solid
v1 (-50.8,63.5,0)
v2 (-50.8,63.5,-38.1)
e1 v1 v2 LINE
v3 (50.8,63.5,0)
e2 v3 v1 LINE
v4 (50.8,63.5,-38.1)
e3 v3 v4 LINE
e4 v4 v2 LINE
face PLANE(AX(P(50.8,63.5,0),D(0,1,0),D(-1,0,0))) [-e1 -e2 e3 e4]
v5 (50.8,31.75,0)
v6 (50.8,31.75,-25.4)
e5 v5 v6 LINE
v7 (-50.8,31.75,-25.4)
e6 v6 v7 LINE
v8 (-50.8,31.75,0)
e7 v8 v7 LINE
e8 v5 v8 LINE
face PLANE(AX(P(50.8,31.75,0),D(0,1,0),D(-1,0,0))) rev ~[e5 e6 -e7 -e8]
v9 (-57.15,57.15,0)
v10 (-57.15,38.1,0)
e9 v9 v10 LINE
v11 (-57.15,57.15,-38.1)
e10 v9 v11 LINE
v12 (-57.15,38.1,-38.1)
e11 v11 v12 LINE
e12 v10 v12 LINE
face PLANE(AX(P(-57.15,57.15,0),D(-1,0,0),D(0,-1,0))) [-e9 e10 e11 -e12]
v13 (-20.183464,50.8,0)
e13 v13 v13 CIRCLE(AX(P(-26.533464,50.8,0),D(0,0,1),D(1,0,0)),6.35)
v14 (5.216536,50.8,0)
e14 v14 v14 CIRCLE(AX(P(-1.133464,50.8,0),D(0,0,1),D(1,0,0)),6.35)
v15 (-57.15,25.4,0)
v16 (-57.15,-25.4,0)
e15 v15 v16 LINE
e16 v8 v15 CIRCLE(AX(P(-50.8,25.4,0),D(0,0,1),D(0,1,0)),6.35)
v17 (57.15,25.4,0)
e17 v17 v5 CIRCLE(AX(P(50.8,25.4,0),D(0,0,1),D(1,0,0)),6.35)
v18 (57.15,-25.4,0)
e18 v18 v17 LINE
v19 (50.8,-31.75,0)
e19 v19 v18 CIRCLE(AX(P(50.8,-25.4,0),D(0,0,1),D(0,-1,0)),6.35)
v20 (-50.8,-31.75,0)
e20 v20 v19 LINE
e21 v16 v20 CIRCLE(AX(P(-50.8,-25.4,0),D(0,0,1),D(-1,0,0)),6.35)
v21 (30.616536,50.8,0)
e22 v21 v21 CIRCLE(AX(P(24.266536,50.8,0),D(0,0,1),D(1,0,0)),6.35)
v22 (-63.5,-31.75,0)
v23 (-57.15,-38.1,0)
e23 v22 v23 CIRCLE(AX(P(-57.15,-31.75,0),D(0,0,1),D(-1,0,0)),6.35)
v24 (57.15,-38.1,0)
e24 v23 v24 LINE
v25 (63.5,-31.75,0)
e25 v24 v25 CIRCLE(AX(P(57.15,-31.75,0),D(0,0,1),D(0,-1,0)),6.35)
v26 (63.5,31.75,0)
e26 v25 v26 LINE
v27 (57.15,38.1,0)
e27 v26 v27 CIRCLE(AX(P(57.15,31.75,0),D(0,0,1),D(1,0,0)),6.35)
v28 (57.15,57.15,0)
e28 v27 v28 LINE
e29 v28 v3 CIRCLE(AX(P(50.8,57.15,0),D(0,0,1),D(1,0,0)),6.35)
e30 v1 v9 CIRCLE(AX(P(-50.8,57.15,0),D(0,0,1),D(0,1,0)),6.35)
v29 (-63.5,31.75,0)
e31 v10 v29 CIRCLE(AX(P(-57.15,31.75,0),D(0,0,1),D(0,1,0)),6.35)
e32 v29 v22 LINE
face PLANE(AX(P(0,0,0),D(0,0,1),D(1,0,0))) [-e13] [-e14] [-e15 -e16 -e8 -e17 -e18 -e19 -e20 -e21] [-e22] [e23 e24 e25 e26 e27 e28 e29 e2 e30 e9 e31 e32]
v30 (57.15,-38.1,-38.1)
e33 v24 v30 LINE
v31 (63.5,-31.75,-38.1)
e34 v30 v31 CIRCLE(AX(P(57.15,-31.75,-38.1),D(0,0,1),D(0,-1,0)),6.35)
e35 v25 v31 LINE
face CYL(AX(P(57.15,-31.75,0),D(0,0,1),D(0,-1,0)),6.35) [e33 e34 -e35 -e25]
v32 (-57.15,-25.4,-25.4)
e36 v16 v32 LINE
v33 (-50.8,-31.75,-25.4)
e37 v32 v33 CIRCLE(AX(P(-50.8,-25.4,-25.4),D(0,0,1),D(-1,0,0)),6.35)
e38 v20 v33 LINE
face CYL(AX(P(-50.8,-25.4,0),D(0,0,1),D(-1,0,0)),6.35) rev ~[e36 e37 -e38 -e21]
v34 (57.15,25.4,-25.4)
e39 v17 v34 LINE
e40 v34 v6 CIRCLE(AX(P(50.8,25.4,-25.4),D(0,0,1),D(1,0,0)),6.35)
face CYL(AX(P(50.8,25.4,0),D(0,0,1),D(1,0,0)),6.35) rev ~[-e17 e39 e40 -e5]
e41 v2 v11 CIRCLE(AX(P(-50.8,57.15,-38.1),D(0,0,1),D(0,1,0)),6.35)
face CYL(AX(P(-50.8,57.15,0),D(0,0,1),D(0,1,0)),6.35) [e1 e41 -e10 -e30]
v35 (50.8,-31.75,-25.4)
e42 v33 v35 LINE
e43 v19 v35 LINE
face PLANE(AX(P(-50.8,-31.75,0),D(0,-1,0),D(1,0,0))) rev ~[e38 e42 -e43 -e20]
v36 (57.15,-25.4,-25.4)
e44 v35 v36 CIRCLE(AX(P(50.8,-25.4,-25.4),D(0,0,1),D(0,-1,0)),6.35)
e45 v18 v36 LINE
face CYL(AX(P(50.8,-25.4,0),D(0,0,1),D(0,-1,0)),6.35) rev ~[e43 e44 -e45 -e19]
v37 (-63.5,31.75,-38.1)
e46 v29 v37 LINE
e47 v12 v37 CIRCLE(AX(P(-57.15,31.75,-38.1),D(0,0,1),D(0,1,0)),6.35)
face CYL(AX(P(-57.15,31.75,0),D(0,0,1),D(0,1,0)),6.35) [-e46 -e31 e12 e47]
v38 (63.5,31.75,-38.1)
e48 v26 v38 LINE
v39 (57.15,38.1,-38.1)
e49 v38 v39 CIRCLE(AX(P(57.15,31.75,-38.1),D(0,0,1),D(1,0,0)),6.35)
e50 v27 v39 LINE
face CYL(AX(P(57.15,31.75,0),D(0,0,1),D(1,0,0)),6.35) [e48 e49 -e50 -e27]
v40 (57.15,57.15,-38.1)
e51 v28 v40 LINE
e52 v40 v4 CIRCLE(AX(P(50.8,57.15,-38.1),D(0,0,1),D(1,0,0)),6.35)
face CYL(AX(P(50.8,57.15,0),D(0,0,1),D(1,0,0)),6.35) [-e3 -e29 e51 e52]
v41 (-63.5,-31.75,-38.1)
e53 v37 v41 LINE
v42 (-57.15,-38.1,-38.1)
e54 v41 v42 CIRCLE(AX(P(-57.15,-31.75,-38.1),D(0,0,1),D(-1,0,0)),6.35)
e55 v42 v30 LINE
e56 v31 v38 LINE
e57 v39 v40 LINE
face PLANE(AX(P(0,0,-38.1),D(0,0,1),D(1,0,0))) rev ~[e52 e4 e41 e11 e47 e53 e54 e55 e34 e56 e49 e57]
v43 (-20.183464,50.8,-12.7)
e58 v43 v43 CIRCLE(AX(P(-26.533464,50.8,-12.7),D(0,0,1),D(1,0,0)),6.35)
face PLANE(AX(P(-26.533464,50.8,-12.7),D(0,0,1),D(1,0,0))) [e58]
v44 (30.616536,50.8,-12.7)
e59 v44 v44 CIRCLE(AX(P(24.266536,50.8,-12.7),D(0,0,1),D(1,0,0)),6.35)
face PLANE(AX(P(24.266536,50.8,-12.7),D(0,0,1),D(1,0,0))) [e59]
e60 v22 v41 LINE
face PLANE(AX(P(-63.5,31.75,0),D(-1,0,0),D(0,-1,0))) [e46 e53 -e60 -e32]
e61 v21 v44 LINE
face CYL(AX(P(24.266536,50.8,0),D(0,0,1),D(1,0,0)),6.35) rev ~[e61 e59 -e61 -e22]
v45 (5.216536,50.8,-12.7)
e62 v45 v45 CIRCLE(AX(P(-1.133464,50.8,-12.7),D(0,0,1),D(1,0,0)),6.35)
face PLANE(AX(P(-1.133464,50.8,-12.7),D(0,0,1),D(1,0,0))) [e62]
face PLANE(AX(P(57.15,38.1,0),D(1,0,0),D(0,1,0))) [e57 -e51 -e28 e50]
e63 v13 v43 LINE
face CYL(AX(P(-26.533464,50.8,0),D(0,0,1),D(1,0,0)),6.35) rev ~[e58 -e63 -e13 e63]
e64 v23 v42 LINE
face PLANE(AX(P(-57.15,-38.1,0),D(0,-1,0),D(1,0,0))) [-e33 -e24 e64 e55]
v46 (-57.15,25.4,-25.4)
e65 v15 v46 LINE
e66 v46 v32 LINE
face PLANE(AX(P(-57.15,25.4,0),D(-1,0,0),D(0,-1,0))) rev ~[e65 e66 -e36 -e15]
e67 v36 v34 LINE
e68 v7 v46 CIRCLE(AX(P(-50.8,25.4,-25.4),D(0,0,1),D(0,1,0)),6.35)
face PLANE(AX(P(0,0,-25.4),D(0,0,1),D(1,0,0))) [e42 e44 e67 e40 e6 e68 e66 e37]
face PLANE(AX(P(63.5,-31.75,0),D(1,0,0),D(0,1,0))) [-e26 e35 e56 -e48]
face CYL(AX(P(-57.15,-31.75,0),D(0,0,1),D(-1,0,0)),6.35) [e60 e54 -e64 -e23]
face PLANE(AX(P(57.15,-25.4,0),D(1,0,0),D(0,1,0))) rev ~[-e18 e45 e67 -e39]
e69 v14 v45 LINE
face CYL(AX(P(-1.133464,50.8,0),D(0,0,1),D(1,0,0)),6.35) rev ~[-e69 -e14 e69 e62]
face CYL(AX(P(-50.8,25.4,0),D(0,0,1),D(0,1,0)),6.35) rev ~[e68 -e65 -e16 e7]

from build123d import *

# Parameters (mm, degrees)
F0_R     = 6.35
F1_DEPTH = 38.1
F2_DEPTH = 25.4
F3_DEPTH = 12.7


with BuildPart() as f1:
    # F0 (on Top) → F1 (new body)
    with BuildSketch(Plane.XY):
        with BuildLine():
            ThreePointArc((-63.5, -31.75), (-61.6401280605, -36.2401280605), (-57.15, -38.1))
            Line((-57.15, -38.1), (57.15, -38.1))
            ThreePointArc((57.15, -38.1), (61.6401280605, -36.2401280605), (63.5, -31.75))
            Line((63.5, -31.75), (63.5, 31.75))
            ThreePointArc((63.5, 31.75), (61.6401280605, 36.2401280605), (57.15, 38.1))
            Line((57.15, 38.1), (-57.15, 38.1))
            ThreePointArc((-57.15, 38.1), (-61.6401280605, 36.2401280605), (-63.5, 31.75))
            Line((-63.5, 31.75), (-63.5, -31.75))
        make_face()
        with BuildLine():
            ThreePointArc((-57.15, 25.4), (-55.2901280605, 29.8901280605), (-50.8, 31.75))
            Line((-50.8, 31.75), (50.8, 31.75))
            ThreePointArc((50.8, 31.75), (55.2901280605, 29.8901280605), (57.15, 25.4))
            Line((57.15, 25.4), (57.15, -25.4))
            ThreePointArc((57.15, -25.4), (55.2901280605, -29.8901280605), (50.8, -31.75))
            Line((50.8, -31.75), (-50.8, -31.75))
            ThreePointArc((-50.8, -31.75), (-55.2901280605, -29.8901280605), (-57.15, -25.4))
            Line((-57.15, -25.4), (-57.15, 25.4))
        make_face(mode=Mode.SUBTRACT)
        with BuildLine():
            Line((50.8, 31.75), (-50.8, 31.75))
            ThreePointArc((-50.8, 31.75), (-55.2901280605, 29.8901280605), (-57.15, 25.4))
            Line((-57.15, 25.4), (-57.15, -25.4))
            ThreePointArc((-57.15, -25.4), (-55.2901280605, -29.8901280605), (-50.8, -31.75))
            Line((-50.8, -31.75), (50.8, -31.75))
            ThreePointArc((50.8, -31.75), (55.2901280605, -29.8901280605), (57.15, -25.4))
            Line((57.15, -25.4), (57.15, 25.4))
            ThreePointArc((57.15, 25.4), (55.2901280605, 29.8901280605), (50.8, 31.75))
        make_face()
        with BuildLine():
            Line((-57.15, 57.15), (-57.15, 38.1))
            Line((-57.15, 38.1), (57.15, 38.1))
            Line((57.15, 38.1), (57.15, 57.15))
            ThreePointArc((57.15, 57.15), (55.2901280605, 61.6401280605), (50.8, 63.5))
            Line((50.8, 63.5), (-50.8, 63.5))
            ThreePointArc((-50.8, 63.5), (-55.2901280605, 61.6401280605), (-57.15, 57.15))
        make_face()
        with Locations((-26.5334639698, 50.8)):
            Circle(F0_R, mode=Mode.SUBTRACT)
        with Locations((-1.1334639698, 50.8)):
            Circle(F0_R, mode=Mode.SUBTRACT)
        with Locations((24.2665360302, 50.8)):
            Circle(F0_R, mode=Mode.SUBTRACT)
        with Locations((-26.5334639698, 50.8)):
            Circle(F0_R)
        with Locations((-1.1334639698, 50.8)):
            Circle(F0_R)
        with Locations((24.2665360302, 50.8)):
            Circle(F0_R)
    extrude(amount=-F1_DEPTH)

    # F0 (on Top) → F2 (cut)
    with BuildSketch(Plane.XY):
        with BuildLine():
            Line((50.8, 31.75), (-50.8, 31.75))
            ThreePointArc((-50.8, 31.75), (-55.2901280605, 29.8901280605), (-57.15, 25.4))
            Line((-57.15, 25.4), (-57.15, -25.4))
            ThreePointArc((-57.15, -25.4), (-55.2901280605, -29.8901280605), (-50.8, -31.75))
            Line((-50.8, -31.75), (50.8, -31.75))
            ThreePointArc((50.8, -31.75), (55.2901280605, -29.8901280605), (57.15, -25.4))
            Line((57.15, -25.4), (57.15, 25.4))
            ThreePointArc((57.15, 25.4), (55.2901280605, 29.8901280605), (50.8, 31.75))
        make_face()
    extrude(amount=-F2_DEPTH, mode=Mode.SUBTRACT)

    # F0 (on Top) → F3 (cut)
    with BuildSketch(Plane.XY):
        with Locations((-26.5334639698, 50.8)):
            Circle(F0_R)
        with Locations((-1.1334639698, 50.8)):
            Circle(F0_R)
        with Locations((24.2665360302, 50.8)):
            Circle(F0_R)
    extrude(amount=-F3_DEPTH, mode=Mode.SUBTRACT)


solid = f1.part
